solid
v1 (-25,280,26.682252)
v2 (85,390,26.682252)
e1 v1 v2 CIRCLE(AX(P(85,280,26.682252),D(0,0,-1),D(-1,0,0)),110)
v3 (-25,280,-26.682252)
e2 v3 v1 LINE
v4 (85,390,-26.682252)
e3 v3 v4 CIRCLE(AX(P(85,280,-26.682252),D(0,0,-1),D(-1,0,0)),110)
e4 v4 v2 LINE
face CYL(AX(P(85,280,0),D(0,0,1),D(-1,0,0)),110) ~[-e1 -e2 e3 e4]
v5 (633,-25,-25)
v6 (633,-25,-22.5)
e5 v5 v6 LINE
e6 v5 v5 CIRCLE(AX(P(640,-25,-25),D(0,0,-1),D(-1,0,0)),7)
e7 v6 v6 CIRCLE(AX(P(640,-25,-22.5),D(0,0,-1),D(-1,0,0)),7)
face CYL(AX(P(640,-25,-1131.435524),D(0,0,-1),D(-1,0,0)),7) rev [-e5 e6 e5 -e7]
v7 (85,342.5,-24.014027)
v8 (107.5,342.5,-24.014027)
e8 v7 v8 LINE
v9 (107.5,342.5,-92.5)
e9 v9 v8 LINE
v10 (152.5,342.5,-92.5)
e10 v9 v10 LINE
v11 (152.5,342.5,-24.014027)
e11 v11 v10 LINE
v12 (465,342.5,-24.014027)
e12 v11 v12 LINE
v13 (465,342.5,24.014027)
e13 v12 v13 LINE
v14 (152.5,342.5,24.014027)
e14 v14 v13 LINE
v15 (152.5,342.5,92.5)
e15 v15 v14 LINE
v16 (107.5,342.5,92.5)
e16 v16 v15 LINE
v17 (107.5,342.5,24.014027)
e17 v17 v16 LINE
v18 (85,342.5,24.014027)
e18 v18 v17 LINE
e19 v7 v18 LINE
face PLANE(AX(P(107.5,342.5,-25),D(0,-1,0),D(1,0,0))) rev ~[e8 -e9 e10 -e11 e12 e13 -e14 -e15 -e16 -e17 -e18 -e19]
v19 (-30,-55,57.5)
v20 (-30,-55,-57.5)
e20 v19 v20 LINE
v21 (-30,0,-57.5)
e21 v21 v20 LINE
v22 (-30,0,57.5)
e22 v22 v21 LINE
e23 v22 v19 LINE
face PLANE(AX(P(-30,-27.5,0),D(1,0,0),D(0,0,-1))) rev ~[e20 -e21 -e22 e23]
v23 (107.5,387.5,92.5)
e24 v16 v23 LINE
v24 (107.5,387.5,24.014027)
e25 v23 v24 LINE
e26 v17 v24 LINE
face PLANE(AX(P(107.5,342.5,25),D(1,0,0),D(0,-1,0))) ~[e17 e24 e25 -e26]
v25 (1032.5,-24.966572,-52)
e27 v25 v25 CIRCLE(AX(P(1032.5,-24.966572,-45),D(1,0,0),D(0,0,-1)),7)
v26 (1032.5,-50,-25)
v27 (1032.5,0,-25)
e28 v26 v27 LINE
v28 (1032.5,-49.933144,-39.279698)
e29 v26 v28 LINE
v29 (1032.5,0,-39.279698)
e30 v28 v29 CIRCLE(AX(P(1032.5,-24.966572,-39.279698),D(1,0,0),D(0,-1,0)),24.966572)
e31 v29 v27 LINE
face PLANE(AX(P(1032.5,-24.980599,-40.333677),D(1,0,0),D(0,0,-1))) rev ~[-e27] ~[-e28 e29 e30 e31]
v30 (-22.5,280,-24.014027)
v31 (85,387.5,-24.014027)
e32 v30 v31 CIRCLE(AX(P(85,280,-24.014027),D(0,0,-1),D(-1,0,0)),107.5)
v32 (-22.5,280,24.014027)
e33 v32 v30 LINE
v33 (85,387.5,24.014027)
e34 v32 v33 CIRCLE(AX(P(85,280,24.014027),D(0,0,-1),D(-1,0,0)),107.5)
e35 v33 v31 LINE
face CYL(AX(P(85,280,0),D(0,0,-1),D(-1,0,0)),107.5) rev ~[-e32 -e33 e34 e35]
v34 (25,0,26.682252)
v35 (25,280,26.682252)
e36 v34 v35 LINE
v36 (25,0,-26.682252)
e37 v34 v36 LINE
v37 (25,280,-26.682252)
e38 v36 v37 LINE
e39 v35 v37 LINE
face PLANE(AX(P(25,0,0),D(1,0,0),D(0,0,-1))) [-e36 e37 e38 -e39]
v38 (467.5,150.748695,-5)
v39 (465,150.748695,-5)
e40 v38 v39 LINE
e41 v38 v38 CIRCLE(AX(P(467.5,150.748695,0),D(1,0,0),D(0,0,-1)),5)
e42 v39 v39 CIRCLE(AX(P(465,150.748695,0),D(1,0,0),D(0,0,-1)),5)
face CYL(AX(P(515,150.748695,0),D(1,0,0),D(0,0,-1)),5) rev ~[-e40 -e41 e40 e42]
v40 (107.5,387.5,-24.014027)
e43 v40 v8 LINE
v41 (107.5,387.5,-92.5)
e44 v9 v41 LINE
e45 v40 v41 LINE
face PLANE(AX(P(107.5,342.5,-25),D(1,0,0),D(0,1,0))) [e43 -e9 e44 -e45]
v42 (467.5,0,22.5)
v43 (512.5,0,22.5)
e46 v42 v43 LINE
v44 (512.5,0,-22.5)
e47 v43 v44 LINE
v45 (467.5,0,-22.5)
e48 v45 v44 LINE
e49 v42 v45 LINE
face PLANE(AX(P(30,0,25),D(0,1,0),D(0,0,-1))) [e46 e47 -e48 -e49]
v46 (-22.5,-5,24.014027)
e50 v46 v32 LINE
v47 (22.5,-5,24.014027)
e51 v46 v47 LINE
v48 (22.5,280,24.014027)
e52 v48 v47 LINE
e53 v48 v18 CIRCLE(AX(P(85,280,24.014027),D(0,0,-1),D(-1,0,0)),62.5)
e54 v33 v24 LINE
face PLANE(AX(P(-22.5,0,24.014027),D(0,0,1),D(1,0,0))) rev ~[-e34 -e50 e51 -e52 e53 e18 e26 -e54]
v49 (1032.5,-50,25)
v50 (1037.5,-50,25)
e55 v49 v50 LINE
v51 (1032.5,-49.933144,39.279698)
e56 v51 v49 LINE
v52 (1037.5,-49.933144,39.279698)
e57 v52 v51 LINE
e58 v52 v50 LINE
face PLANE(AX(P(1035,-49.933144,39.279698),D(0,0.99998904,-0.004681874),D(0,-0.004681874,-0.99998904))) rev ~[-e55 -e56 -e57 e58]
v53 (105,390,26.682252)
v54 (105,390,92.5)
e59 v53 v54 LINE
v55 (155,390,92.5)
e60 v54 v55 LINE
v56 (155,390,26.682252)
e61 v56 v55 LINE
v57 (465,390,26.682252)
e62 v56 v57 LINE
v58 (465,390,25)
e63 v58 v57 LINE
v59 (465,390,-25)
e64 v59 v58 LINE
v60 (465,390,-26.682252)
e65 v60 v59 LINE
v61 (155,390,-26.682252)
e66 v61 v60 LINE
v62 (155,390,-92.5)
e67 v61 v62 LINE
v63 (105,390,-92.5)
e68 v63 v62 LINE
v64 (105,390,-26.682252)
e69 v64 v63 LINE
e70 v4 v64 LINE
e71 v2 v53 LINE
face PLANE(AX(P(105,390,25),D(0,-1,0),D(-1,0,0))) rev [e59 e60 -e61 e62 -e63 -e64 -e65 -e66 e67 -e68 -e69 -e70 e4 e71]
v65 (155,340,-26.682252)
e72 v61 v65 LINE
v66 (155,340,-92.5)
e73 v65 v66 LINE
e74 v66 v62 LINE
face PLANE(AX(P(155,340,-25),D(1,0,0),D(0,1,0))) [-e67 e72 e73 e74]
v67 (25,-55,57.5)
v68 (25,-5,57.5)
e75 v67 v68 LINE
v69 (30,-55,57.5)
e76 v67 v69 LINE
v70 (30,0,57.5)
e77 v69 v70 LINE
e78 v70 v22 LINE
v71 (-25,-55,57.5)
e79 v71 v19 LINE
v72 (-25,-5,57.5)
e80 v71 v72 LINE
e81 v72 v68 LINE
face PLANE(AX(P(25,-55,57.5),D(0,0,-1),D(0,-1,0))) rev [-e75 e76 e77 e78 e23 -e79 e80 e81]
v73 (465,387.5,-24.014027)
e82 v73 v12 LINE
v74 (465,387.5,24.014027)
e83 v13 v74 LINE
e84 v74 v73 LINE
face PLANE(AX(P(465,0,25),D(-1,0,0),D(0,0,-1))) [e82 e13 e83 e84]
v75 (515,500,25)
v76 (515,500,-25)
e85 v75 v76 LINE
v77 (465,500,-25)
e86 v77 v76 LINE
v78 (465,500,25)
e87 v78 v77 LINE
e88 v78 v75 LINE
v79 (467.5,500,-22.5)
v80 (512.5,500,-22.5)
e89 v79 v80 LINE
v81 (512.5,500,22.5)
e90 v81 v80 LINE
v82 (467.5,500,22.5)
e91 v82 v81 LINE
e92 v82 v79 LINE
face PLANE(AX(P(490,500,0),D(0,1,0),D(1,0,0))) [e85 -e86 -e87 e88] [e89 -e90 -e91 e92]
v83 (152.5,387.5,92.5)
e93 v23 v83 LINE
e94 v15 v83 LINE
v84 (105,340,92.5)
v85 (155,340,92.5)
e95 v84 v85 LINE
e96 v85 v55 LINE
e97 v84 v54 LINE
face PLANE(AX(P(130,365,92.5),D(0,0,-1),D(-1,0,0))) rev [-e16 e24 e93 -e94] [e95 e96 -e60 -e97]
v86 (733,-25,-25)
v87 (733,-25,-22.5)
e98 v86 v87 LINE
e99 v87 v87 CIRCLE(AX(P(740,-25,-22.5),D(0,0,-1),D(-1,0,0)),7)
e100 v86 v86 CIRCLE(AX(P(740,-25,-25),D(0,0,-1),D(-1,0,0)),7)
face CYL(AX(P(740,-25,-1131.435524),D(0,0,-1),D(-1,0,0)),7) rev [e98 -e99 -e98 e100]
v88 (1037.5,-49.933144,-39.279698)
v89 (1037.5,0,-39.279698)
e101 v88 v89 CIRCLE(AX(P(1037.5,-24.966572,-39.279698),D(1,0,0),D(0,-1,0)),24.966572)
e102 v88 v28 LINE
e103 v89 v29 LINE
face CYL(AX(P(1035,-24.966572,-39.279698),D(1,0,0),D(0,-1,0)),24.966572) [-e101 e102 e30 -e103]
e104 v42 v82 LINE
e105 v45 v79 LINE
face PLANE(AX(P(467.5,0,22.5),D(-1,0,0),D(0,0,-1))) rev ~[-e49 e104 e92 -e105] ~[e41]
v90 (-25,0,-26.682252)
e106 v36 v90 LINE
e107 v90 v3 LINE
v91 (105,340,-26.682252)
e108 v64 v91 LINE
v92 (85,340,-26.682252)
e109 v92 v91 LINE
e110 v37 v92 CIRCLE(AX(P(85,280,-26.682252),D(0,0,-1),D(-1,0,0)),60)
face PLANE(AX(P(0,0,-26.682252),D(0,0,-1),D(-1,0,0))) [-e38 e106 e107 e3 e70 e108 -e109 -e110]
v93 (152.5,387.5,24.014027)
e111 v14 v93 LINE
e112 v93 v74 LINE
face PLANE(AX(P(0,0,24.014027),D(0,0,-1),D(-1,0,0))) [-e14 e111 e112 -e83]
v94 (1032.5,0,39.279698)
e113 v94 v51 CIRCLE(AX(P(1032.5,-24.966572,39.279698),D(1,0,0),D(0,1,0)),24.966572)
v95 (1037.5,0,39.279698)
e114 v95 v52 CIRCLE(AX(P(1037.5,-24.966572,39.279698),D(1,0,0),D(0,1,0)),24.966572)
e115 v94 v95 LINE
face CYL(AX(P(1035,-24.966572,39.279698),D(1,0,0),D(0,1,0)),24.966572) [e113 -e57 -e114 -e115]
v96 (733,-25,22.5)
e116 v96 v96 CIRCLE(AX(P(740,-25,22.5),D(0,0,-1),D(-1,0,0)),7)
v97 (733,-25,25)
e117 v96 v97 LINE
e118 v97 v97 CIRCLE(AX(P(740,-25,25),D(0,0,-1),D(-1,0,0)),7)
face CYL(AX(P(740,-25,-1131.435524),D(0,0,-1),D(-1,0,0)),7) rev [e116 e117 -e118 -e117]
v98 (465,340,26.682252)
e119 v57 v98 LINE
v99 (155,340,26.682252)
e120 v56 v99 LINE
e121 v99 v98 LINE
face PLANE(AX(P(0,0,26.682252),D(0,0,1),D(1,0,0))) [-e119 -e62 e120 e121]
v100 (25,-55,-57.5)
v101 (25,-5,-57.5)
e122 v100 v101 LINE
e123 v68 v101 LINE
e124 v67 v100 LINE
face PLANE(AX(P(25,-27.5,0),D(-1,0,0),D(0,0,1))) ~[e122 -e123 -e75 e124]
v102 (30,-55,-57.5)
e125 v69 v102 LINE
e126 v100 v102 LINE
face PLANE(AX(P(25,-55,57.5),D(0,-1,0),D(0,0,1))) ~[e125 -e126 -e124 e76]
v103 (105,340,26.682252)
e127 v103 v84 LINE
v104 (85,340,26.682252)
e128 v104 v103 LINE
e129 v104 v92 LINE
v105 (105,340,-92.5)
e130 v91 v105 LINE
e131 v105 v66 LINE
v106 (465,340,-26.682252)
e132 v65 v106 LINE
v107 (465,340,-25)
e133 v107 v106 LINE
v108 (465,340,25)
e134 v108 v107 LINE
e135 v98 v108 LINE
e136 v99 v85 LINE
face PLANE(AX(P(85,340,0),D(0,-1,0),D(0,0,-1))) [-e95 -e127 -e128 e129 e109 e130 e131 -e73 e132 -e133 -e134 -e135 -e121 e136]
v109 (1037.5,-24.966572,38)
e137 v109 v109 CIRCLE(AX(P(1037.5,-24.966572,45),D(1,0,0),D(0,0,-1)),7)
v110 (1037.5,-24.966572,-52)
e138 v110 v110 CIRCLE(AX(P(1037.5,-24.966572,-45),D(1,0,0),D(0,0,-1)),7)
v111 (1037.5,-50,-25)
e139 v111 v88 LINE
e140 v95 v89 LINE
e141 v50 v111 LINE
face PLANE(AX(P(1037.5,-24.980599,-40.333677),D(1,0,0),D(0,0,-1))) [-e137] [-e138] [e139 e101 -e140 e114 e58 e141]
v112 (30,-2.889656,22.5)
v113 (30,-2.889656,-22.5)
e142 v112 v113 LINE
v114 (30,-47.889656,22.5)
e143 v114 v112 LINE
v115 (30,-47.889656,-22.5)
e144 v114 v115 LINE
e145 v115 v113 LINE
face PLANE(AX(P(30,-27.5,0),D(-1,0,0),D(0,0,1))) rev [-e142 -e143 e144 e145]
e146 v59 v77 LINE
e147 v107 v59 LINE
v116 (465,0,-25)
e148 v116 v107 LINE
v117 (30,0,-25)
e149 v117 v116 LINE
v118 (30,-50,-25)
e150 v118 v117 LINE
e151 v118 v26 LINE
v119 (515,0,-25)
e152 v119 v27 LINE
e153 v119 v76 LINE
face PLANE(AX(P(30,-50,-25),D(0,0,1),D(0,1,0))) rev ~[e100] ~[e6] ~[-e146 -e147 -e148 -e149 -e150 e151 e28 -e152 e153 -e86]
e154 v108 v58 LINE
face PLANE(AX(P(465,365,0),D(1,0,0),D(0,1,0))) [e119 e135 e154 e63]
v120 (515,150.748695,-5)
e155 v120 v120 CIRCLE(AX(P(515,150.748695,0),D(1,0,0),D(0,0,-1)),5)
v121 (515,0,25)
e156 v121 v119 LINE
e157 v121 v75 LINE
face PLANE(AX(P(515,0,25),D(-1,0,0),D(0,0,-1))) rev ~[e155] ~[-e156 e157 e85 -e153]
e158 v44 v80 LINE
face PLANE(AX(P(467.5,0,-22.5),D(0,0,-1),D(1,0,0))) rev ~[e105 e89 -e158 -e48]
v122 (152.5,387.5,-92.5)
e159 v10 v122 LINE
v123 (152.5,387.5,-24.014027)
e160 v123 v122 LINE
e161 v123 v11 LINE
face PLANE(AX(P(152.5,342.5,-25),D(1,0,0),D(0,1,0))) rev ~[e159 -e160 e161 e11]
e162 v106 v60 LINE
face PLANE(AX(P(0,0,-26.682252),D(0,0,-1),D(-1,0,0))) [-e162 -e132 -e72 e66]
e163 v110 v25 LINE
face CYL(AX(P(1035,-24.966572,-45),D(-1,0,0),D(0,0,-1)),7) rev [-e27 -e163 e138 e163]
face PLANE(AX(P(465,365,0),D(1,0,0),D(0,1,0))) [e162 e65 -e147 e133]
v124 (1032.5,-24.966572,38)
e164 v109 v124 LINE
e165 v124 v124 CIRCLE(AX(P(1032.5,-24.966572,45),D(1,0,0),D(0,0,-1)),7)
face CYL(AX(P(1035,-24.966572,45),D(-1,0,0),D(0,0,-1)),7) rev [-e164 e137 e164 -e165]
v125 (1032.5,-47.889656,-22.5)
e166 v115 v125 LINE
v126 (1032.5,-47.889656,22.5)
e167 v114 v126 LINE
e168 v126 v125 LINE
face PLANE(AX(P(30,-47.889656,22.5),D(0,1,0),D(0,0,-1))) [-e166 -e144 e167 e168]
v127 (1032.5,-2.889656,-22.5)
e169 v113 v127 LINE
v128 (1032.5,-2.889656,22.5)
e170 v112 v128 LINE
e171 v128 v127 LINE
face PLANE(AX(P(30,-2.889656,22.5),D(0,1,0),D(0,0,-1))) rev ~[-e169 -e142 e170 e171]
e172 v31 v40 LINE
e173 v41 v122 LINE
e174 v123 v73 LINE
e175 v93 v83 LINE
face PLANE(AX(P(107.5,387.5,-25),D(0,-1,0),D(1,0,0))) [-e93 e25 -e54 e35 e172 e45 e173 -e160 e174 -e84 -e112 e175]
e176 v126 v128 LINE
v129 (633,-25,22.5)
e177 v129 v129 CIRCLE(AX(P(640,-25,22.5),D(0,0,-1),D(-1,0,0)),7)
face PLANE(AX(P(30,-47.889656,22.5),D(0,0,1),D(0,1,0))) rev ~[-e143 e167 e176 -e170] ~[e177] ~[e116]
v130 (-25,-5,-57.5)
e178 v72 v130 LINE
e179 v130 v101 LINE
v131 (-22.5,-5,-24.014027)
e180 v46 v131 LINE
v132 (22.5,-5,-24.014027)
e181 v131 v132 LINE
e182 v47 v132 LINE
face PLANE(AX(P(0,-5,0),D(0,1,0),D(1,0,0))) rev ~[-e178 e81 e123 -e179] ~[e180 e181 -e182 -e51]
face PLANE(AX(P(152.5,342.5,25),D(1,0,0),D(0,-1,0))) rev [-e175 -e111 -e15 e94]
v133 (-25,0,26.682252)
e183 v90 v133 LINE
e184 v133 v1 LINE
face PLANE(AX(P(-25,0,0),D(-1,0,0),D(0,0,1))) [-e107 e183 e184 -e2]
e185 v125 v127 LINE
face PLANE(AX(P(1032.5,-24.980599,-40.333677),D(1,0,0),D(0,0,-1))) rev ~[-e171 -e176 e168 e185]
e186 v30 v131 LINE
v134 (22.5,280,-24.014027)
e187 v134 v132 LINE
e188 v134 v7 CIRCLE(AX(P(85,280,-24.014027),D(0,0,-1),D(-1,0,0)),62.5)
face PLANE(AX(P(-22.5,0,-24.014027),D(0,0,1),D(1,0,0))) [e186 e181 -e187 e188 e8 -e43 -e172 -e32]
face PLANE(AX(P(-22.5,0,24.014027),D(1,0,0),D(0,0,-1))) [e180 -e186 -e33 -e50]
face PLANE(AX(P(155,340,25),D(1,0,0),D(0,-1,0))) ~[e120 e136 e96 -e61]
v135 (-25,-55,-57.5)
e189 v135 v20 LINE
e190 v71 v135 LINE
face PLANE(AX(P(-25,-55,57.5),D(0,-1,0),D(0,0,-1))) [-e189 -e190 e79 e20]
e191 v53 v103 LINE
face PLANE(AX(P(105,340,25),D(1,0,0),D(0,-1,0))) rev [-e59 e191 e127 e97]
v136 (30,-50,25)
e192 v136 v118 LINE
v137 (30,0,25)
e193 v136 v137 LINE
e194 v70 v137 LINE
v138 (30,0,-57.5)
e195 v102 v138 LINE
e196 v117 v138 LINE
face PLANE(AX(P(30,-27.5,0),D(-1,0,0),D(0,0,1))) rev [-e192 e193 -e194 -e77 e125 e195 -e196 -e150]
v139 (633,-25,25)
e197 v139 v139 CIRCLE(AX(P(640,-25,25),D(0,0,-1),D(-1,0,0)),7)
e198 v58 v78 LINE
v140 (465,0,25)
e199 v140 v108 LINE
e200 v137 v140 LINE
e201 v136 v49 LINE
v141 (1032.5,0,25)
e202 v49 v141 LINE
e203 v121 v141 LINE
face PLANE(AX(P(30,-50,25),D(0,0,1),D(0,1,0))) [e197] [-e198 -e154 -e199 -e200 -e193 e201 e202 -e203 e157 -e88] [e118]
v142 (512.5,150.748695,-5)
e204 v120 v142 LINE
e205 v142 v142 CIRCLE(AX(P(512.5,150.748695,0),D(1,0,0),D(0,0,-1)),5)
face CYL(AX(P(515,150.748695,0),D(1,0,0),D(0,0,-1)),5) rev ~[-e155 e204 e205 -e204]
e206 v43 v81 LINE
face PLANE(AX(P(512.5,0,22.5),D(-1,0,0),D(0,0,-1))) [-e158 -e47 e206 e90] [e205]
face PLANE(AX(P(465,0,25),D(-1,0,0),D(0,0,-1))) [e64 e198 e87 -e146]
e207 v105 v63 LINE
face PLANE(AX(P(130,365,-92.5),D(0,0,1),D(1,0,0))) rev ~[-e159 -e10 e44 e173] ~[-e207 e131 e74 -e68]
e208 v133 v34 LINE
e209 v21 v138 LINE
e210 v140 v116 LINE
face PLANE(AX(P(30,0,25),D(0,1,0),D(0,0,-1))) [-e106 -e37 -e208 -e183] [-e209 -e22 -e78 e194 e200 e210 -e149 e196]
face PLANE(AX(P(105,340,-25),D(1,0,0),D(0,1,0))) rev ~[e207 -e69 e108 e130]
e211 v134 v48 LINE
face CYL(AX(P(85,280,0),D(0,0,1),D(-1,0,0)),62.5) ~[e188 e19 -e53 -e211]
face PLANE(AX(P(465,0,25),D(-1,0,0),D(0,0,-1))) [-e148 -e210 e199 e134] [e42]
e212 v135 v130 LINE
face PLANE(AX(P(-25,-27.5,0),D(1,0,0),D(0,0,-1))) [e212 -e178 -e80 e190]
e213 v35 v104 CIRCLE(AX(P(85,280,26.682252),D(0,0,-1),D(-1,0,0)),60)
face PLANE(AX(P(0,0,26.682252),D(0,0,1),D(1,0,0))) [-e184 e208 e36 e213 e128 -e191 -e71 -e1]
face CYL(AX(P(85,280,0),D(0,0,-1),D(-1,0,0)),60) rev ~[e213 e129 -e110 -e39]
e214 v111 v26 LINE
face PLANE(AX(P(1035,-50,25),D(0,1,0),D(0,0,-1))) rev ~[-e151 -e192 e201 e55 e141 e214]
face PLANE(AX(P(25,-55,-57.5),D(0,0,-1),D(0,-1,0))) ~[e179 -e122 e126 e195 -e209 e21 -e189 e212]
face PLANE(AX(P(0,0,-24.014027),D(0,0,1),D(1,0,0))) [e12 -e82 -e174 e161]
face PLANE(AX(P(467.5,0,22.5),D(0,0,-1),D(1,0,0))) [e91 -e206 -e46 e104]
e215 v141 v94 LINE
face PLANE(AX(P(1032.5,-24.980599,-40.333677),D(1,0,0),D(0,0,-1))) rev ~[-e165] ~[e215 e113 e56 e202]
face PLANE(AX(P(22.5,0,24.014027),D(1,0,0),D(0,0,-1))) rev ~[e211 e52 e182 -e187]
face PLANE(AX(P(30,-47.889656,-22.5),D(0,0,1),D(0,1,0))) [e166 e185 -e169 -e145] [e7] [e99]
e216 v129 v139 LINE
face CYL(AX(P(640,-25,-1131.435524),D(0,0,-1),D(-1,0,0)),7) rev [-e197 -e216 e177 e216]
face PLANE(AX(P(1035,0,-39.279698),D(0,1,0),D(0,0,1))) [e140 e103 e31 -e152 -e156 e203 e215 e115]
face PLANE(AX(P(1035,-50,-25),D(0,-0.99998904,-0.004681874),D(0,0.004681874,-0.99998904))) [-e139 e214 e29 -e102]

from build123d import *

# Parameters (mm, degrees)
SKETCH3_W               = 50
SKETCH3_H               = 53.36450452
SKETCH3_W_2             = 45
SKETCH3_H_2             = 48.028054068
SKETCH6_W               = 50
SKETCH6_H               = 50
SKETCH6_W_2             = 45
SKETCH6_H_2             = 45
BOSS_EXTRUDE1_DEPTH     = 67.5
SKETCH8_W               = 50
SKETCH8_H               = 50
SKETCH8_W_2             = 45
SKETCH8_H_2             = 45
BOSS_EXTRUDE2_DEPTH     = 500
CUT_EXTRUDE1_DEPTH      = 728.345344386
CUT_EXTRUDE1_DEPTH_BACK = 728.345344386
SKETCH9_W               = 45
SKETCH9_H               = 45
SKETCH12_W              = 60
SKETCH12_H              = 115
SKETCH12_W_2            = 45
SKETCH12_H_2            = 48.028054068
BOSS_EXTRUDE6_DEPTH     = 5
SKETCH14_W              = 115
SKETCH14_H              = 55
BOSS_EXTRUDE7_DEPTH     = 5
SKETCH15_W              = 50
SKETCH15_H              = 50
SKETCH15_W_2            = 45
SKETCH15_H_2            = 45
BOSS_EXTRUDE8_DEPTH     = 1005
CUT_EXTRUDE3_DEPTH      = 1156.435523948
CUT_EXTRUDE3_DEPTH_BACK = 1156.435523948
SKETCH18_R              = 7
SKETCH19_R              = 7
BOSS_EXTRUDE9_DEPTH     = 2.5
CUT_EXTRUDE4_REACH      = 747.373
SKETCH20_R              = 5


with BuildPart() as part:
    # Sweep1: sweep along a path in Sketch1
    with BuildLine(Plane.XY) as sweep1_path:
        Line((0, 0), (0, 280))
        ThreePointArc((0, 280), (24.895923599, 340.104076401), (85, 365))
        Line((85, 365), (465, 365))
    # Sketch3 → Sweep1 (sweep)
    with BuildSketch(Plane(origin=(0, 0, 0), x_dir=(1, 0, 0), z_dir=(0, 1, 0))):
        Rectangle(SKETCH3_W, SKETCH3_H)
        Rectangle(SKETCH3_W_2, SKETCH3_H_2, mode=Mode.SUBTRACT)
    sweep(path=sweep1_path.line)

    # Sketch6 → Boss-Extrude1 (add)
    with BuildSketch(Plane.XY.offset(-25)):
        with Locations((130, 365)):
            Rectangle(SKETCH6_W, SKETCH6_H)
        with Locations((130, 365)):
            Rectangle(SKETCH6_W_2, SKETCH6_H_2, mode=Mode.SUBTRACT)
    boss_extrude1 = extrude(amount=-BOSS_EXTRUDE1_DEPTH)

    # Mirror1: Boss-Extrude1 across plane
    add(boss_extrude1.mirror(Plane.XY))

    # Sketch8 → Boss-Extrude2 (add)
    with BuildSketch(Plane(origin=(0, 0, 0), x_dir=(1, 0, 0), z_dir=(0, 1, 0))):
        with Locations((490, 0)):
            Rectangle(SKETCH8_W, SKETCH8_H)
        with Locations((490, 0)):
            Rectangle(SKETCH8_W_2, SKETCH8_H_2, mode=Mode.SUBTRACT)
    extrude(amount=BOSS_EXTRUDE2_DEPTH)

    # Sketch9 → Cut-Extrude1 (cut, two sides: drawn at the far end of the back side and taken through both)
    with BuildSketch(Plane.XY.offset(25).offset(-CUT_EXTRUDE1_DEPTH_BACK)):
        with Locations((130, 365)):
            Rectangle(SKETCH9_W, SKETCH9_H)
    extrude(amount=CUT_EXTRUDE1_DEPTH + CUT_EXTRUDE1_DEPTH_BACK, mode=Mode.SUBTRACT)

    # Sketch12 → Boss-Extrude6 (add)
    with BuildSketch(Plane(origin=(0, 0, 0), x_dir=(1, 0, 0), z_dir=(0, 1, 0))):
        Rectangle(SKETCH12_W, SKETCH12_H)
        Rectangle(SKETCH12_W_2, SKETCH12_H_2, mode=Mode.SUBTRACT)
    extrude(amount=-BOSS_EXTRUDE6_DEPTH)

    # Sketch14 → Boss-Extrude7 (add)
    with BuildSketch(Plane(origin=(-25, 0, 0), x_dir=(0, 0, -1), z_dir=(1, 0, 0))):
        with Locations((0, -27.5)):
            Rectangle(SKETCH14_W, SKETCH14_H)
    boss_extrude7 = extrude(amount=-BOSS_EXTRUDE7_DEPTH)

    # Mirror2: Boss-Extrude7 across plane
    add(boss_extrude7.mirror(Plane(origin=(0, 0, 0), x_dir=(0, 0, 1), z_dir=(1, 0, 0))))

    # Sketch15 → Boss-Extrude8 (add)
    with BuildSketch(Plane(origin=(30, 0, 0), x_dir=(0, 0, -1), z_dir=(1, 0, 0))):
        with Locations((0, -25)):
            Rectangle(SKETCH15_W, SKETCH15_H)
        with Locations((0, -25.38965636)):
            Rectangle(SKETCH15_W_2, SKETCH15_H_2, mode=Mode.SUBTRACT)
    extrude(amount=BOSS_EXTRUDE8_DEPTH)

    # Sketch18 → Cut-Extrude3 (cut, two sides: drawn at the far end of the back side and taken through both)
    with BuildSketch(Plane.XY.offset(25).offset(-CUT_EXTRUDE3_DEPTH_BACK)):
        with Locations(Location((640, -25, 0), (0, 0, 180))):
            Circle(SKETCH18_R)
        with Locations(Location((740, -25, 0), (0, 0, 180))):
            Circle(SKETCH18_R)
    extrude(amount=CUT_EXTRUDE3_DEPTH + CUT_EXTRUDE3_DEPTH_BACK, mode=Mode.SUBTRACT)

    # Sketch19 → Boss-Extrude9 (add, symmetric)
    # profile 1 of 2: a face of its own
    with BuildSketch(Plane(origin=(1035, 0, 0), x_dir=(0, 0, -1), z_dir=(1, 0, 0))):
        with BuildLine():
            Line((25, -50), (25, 0))
            Line((25, 0), (-25, 0))
            Line((-25, 0), (-26.68225226, 0))
            Line((-26.68225226, 0), (-39.279697572, 0))
            ThreePointArc((-39.279697572, 0), (-64.246269333, -24.966571761), (-39.279697572, -49.933143522))
            Line((-39.279697572, -49.933143522), (-25, -50))
            Line((-25, -50), (25, -50))
        make_face()
        with Locations((-45, -24.966571761)):
            Circle(SKETCH19_R, mode=Mode.SUBTRACT)
    # profile 2 of 2: a face of its own
    with BuildSketch(Plane(origin=(1035, 0, 0), x_dir=(0, 0, -1), z_dir=(1, 0, 0))):
        with BuildLine():
            Line((26.420207217, 0), (25, 0))
            Line((25, 0), (25, -50))
            Line((25, -50), (39.279697572, -49.933143522))
            ThreePointArc((39.279697572, -49.933143522), (64.246269333, -24.966571761), (39.279697572, 0))
            Line((39.279697572, 0), (26.68225226, 0))
            Line((26.68225226, 0), (26.420207217, 0))
        make_face()
        with Locations((45, -24.966571761)):
            Circle(SKETCH19_R, mode=Mode.SUBTRACT)
    extrude(amount=BOSS_EXTRUDE9_DEPTH, both=True)

    # Cut-Extrude4: up to this face of the body (flat: up to its plane)
    cut_extrude4_end = Plane(part.part.faces().sort_by_distance((465, 170, 0))[0])
    # Sketch20 → Cut-Extrude4 (cut, up to the picked face)
    with BuildSketch(Plane(origin=(515, 0, 0), x_dir=(0, 0, -1), z_dir=(1, 0, 0)), mode=Mode.PRIVATE) as cut_extrude4_sk1:
        with Locations((0, 150.748695463)):
            Circle(SKETCH20_R)
    cut_extrude4_tool1 = split(extrude(cut_extrude4_sk1.sketch, amount=-CUT_EXTRUDE4_REACH, mode=Mode.PRIVATE), bisect_by=cut_extrude4_end, keep=Keep.BOTH, mode=Mode.PRIVATE)
    add(cut_extrude4_tool1.solids().sort_by(Axis((515, 150.748695, 0), (-1, 0, 0)))[0], mode=Mode.SUBTRACT)


solid = part.part
